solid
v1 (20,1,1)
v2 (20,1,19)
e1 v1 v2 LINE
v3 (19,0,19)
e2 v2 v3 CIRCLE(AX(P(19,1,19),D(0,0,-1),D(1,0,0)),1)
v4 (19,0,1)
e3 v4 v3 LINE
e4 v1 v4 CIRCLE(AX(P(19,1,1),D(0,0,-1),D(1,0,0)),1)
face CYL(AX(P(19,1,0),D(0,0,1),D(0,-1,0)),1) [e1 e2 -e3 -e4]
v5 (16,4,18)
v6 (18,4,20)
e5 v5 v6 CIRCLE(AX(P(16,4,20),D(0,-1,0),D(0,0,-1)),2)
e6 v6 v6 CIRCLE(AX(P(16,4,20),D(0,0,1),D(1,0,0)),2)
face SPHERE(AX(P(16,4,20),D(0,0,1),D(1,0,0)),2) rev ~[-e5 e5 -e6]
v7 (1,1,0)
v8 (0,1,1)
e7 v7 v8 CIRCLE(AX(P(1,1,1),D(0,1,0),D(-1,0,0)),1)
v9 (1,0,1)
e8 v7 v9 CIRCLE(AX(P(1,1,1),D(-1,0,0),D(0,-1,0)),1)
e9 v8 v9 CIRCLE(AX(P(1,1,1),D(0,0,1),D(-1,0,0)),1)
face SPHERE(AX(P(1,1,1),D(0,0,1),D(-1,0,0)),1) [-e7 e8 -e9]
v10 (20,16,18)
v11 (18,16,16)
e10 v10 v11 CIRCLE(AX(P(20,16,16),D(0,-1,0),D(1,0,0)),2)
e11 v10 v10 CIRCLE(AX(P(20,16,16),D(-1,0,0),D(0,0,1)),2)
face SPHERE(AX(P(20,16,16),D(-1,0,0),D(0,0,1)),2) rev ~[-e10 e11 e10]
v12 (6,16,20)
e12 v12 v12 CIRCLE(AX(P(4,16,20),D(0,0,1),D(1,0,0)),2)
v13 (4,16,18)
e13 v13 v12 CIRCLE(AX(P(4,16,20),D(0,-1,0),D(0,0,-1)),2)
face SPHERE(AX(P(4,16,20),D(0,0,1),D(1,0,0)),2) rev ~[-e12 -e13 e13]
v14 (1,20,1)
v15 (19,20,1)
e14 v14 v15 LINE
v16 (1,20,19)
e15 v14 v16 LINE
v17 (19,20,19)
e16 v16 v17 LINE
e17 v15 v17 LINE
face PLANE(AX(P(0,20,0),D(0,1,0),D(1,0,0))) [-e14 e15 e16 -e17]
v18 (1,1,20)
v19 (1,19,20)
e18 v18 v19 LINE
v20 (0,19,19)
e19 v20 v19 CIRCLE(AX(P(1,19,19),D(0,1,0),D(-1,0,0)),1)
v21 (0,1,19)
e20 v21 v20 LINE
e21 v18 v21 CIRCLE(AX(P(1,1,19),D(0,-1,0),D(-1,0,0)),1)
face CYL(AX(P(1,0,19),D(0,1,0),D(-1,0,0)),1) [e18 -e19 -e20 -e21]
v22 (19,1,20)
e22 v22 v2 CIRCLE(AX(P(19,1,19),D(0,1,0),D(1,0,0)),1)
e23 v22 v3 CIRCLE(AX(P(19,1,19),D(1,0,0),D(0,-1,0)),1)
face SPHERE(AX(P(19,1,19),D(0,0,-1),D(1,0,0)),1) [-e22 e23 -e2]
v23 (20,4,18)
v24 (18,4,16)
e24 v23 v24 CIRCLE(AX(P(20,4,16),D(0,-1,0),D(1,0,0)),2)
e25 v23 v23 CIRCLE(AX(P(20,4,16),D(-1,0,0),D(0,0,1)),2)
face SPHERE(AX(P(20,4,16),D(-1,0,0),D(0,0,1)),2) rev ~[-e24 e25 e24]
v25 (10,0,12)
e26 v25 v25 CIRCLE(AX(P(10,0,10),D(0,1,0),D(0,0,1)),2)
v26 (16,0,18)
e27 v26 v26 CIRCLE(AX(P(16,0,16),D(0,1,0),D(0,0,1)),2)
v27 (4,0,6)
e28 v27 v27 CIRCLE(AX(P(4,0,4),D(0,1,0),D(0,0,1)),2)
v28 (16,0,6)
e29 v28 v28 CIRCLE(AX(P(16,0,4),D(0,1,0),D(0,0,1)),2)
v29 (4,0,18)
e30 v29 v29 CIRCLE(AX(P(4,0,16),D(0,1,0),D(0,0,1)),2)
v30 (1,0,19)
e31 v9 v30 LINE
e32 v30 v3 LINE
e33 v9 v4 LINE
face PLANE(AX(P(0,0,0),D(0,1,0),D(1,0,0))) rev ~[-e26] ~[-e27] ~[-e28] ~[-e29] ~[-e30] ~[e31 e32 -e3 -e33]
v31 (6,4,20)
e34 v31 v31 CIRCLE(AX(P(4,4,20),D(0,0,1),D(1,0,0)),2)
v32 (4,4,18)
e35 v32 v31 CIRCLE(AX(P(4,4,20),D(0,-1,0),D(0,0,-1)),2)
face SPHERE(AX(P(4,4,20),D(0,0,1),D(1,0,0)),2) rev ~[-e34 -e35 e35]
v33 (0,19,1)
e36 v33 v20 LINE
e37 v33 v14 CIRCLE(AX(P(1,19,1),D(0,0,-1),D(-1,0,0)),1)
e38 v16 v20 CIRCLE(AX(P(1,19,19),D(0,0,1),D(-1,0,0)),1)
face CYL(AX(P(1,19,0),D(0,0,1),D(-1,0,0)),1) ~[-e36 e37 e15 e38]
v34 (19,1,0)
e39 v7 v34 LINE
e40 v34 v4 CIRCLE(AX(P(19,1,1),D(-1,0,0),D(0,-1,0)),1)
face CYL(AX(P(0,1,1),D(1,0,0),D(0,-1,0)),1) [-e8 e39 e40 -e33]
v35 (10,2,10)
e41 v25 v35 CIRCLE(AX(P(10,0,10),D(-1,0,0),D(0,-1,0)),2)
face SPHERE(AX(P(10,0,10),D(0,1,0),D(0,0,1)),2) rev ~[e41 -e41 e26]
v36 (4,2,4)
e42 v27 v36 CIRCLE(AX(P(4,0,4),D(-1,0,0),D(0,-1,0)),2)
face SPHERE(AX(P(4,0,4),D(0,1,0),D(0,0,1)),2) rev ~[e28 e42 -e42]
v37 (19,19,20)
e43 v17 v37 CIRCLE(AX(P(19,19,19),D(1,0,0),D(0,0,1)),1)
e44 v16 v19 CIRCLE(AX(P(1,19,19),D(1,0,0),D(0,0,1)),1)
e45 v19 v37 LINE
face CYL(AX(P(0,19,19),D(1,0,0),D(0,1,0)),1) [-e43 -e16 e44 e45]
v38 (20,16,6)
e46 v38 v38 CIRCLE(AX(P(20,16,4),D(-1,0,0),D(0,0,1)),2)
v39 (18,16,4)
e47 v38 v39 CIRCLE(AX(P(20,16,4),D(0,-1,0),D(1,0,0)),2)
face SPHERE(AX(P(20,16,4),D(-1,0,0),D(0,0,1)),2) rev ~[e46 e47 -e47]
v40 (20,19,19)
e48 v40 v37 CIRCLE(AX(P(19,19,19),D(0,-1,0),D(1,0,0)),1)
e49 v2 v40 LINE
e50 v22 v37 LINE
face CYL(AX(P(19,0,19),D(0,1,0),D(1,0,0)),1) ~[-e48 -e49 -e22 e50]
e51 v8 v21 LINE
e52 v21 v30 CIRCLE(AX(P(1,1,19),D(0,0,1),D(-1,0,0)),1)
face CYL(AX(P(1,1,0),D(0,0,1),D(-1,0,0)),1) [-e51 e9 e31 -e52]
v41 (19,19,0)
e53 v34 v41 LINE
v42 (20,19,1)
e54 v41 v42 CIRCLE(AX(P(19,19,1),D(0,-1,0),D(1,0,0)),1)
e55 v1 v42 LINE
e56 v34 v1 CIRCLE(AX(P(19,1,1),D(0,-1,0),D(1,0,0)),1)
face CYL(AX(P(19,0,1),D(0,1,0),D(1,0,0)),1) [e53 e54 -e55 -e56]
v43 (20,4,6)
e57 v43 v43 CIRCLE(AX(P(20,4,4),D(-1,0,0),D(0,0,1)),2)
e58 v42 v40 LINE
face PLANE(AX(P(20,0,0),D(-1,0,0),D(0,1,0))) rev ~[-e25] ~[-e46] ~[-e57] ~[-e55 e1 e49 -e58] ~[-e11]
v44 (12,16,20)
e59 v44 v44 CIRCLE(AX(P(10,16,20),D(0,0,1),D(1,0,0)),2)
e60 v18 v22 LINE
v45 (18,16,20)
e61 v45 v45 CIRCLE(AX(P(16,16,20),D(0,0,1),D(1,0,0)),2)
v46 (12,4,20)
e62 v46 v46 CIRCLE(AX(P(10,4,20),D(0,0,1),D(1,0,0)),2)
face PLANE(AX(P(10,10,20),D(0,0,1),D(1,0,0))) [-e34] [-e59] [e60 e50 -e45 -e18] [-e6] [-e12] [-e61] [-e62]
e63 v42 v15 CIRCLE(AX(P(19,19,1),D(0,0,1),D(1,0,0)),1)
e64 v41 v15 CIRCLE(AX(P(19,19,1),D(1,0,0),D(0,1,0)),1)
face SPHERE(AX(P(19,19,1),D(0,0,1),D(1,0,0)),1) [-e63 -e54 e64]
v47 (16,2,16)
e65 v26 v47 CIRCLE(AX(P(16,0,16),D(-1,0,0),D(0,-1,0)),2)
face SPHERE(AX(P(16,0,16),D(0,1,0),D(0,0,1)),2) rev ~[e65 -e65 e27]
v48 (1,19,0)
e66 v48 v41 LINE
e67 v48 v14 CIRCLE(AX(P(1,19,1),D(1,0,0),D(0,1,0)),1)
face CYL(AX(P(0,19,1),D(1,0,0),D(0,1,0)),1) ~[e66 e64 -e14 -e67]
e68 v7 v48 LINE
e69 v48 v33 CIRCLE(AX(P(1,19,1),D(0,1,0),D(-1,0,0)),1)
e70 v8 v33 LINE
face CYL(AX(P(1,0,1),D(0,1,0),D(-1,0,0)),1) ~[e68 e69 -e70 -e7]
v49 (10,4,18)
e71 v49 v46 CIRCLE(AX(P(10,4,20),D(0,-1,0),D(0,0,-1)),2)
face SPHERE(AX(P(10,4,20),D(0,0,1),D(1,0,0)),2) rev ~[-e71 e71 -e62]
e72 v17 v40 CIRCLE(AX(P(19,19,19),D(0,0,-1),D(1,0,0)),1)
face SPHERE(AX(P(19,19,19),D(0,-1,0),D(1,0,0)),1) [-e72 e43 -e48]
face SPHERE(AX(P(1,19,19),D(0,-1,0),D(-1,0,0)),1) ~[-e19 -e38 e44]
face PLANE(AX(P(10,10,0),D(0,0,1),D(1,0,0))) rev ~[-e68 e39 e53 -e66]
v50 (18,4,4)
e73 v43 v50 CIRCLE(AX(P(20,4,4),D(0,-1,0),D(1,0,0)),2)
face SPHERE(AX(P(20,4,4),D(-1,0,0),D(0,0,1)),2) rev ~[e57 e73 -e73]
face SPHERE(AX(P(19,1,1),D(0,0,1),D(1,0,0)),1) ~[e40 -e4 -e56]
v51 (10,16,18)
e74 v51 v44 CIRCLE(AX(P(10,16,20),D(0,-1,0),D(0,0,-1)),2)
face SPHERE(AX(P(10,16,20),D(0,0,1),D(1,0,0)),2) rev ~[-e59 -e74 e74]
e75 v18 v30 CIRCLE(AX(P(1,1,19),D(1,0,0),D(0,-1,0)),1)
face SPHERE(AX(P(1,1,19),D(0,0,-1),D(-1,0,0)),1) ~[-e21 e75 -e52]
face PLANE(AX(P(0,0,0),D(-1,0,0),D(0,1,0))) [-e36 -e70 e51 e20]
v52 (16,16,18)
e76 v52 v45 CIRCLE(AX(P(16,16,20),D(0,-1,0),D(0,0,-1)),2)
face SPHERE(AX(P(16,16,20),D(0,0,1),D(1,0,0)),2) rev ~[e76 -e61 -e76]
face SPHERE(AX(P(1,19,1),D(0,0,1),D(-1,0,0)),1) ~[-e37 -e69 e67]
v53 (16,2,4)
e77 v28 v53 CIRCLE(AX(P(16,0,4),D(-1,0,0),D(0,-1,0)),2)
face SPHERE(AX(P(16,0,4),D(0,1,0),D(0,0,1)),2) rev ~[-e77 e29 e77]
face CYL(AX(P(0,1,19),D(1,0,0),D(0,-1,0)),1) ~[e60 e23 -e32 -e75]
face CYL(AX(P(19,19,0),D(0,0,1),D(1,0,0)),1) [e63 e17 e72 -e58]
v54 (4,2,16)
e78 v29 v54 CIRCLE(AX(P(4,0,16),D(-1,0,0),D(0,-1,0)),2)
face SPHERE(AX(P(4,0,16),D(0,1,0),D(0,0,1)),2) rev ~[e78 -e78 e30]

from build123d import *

# Parameters (mm, degrees)
ARRAY_X_COUNT            = 3
ARRAY_X_PITCH            = 6
ARRAY_Y_COUNT            = 2
ARRAY_Y_PITCH            = 12
ARRAY001_X_COUNT         = 2
ARRAY001_X_PITCH         = 12
ARRAY001_Y_COUNT         = 2
ARRAY001_Y_PITCH         = 12
FUSION_PITCH_ANGLE       = -90
FUSION_PLACEMENT_ANGLE   = -90
ARRAY002_X_COUNT         = 2
ARRAY002_X_PITCH         = 12
ARRAY002_Y_COUNT         = 2
ARRAY002_Y_PITCH         = 12
ARRAY002_PLACEMENT_ANGLE = 90
BOX_W                    = 20
BOX_H                    = 20
BOX_DEPTH                = 20
FILLET_R                 = 1


with BuildPart() as array:
    # Sphere → Sphere (revolve)
    with BuildSketch(Plane.XZ):
        with BuildLine():
            ThreePointArc((0, -2), (2, 0), (0, 2))
            Line((0, 2), (0, -2))
        make_face()
    revolve(axis=Axis((0, 0, 0), (0, 0, 1)))

    # Array X: Array ×3


with BuildPart() as array_1:
    add(array.part)
    with Locations(*[(i * ARRAY_X_PITCH, 0, 0) for i in range(1, ARRAY_X_COUNT)]):
        add(array.part)

    # Array Y: Array ×2


with BuildPart() as array_2:
    add(array_1.part)
    with Locations(*[(0, i * ARRAY_Y_PITCH, 0) for i in range(1, ARRAY_Y_COUNT)]):
        add(array_1.part)


with BuildPart() as array_3:
    # Array placement: moved
    add(array_2.part.moved(Location((4, 4, 20))))


with BuildPart() as esfera001:
    # Sphere001 → Sphere001 (revolve)
    with BuildSketch(Plane.XZ):
        with BuildLine():
            ThreePointArc((0, -2), (2, 0), (0, 2))
            Line((0, 2), (0, -2))
        make_face()
    revolve(axis=Axis((0, 0, 0), (0, 0, 1)))


with BuildPart() as array001:
    # Array001 base: copy of Esfera001
    add(esfera001.part)

    # Array001 X: Array001 ×2


with BuildPart() as array001_1:
    add(array001.part)
    with Locations(*[(i * ARRAY001_X_PITCH, 0, 0) for i in range(1, ARRAY001_X_COUNT)]):
        add(array001.part)

    # Array001 Y: Array001 ×2


with BuildPart() as array001_2:
    add(array001_1.part)
    with Locations(*[(0, i * ARRAY001_Y_PITCH, 0) for i in range(1, ARRAY001_Y_COUNT)]):
        add(array001_1.part)


with BuildPart() as fusion:
    # Sphere002 → Sphere002 (revolve)
    with BuildSketch(Plane(origin=(6, 6, 0), x_dir=(1, 0, 0), z_dir=(0, -1, 0))):
        with BuildLine():
            ThreePointArc((0, -2), (2, 0), (0, 2))
            Line((0, 2), (0, -2))
        make_face()
    revolve(axis=Axis((6, 6, 0), (0, 0, 1)))

    # Fusion: union Array001
    add(array001_2.part)


with BuildPart() as fusion_1:
    # Fusion pitch: moved
    add(fusion.part.rotate(Axis((0, 0, 0), (0, 1, 0)), FUSION_PITCH_ANGLE))


with BuildPart() as fusion_2:
    # Fusion placement: moved
    add(fusion_1.part.moved(Location((4, 0, 4))).rotate(Axis((4, 0, 4), (0, 0, 1)), FUSION_PLACEMENT_ANGLE))


with BuildPart() as array002:
    # Array002 base: copy of Esfera001
    add(esfera001.part)

    # Array002 X: Array002 ×2


with BuildPart() as array002_1:
    add(array002.part)
    with Locations(*[(i * ARRAY002_X_PITCH, 0, 0) for i in range(1, ARRAY002_X_COUNT)]):
        add(array002.part)

    # Array002 Y: Array002 ×2


with BuildPart() as array002_2:
    add(array002_1.part)
    with Locations(*[(0, i * ARRAY002_Y_PITCH, 0) for i in range(1, ARRAY002_Y_COUNT)]):
        add(array002_1.part)


with BuildPart() as array002_3:
    # Array002 placement: moved
    add(array002_2.part.moved(Location((20, 4, 4))).rotate(Axis((20, 4, 4), (0, -1, 0)), ARRAY002_PLACEMENT_ANGLE))


with BuildPart() as cut002:
    # Box → Box (new body)
    with BuildSketch(Plane.XY):
        with Locations((10, 10)):
            Rectangle(BOX_W, BOX_H)
    extrude(amount=BOX_DEPTH)

    # Fillet
    fillet_edges = [cut002.edges().sort_by_distance(p)[0] for p in [
        (0, 0, 10),
        (0, 10, 20),
        (0, 20, 10),
        (0, 10, 0),
        (20, 0, 10),
        (20, 10, 20),
        (20, 20, 10),
        (20, 10, 0),
        (10, 0, 0),
        (10, 0, 20),
        (10, 20, 0),
        (10, 20, 20),
    ]]
    fillet(fillet_edges, radius=FILLET_R)

    # Cut: cut Array002
    add(array002_3.part, mode=Mode.SUBTRACT)

    # Cut001: cut Fusion
    add(fusion_2.part, mode=Mode.SUBTRACT)

    # Cut002: cut Array
    add(array_3.part, mode=Mode.SUBTRACT)


solid = cut002.part
